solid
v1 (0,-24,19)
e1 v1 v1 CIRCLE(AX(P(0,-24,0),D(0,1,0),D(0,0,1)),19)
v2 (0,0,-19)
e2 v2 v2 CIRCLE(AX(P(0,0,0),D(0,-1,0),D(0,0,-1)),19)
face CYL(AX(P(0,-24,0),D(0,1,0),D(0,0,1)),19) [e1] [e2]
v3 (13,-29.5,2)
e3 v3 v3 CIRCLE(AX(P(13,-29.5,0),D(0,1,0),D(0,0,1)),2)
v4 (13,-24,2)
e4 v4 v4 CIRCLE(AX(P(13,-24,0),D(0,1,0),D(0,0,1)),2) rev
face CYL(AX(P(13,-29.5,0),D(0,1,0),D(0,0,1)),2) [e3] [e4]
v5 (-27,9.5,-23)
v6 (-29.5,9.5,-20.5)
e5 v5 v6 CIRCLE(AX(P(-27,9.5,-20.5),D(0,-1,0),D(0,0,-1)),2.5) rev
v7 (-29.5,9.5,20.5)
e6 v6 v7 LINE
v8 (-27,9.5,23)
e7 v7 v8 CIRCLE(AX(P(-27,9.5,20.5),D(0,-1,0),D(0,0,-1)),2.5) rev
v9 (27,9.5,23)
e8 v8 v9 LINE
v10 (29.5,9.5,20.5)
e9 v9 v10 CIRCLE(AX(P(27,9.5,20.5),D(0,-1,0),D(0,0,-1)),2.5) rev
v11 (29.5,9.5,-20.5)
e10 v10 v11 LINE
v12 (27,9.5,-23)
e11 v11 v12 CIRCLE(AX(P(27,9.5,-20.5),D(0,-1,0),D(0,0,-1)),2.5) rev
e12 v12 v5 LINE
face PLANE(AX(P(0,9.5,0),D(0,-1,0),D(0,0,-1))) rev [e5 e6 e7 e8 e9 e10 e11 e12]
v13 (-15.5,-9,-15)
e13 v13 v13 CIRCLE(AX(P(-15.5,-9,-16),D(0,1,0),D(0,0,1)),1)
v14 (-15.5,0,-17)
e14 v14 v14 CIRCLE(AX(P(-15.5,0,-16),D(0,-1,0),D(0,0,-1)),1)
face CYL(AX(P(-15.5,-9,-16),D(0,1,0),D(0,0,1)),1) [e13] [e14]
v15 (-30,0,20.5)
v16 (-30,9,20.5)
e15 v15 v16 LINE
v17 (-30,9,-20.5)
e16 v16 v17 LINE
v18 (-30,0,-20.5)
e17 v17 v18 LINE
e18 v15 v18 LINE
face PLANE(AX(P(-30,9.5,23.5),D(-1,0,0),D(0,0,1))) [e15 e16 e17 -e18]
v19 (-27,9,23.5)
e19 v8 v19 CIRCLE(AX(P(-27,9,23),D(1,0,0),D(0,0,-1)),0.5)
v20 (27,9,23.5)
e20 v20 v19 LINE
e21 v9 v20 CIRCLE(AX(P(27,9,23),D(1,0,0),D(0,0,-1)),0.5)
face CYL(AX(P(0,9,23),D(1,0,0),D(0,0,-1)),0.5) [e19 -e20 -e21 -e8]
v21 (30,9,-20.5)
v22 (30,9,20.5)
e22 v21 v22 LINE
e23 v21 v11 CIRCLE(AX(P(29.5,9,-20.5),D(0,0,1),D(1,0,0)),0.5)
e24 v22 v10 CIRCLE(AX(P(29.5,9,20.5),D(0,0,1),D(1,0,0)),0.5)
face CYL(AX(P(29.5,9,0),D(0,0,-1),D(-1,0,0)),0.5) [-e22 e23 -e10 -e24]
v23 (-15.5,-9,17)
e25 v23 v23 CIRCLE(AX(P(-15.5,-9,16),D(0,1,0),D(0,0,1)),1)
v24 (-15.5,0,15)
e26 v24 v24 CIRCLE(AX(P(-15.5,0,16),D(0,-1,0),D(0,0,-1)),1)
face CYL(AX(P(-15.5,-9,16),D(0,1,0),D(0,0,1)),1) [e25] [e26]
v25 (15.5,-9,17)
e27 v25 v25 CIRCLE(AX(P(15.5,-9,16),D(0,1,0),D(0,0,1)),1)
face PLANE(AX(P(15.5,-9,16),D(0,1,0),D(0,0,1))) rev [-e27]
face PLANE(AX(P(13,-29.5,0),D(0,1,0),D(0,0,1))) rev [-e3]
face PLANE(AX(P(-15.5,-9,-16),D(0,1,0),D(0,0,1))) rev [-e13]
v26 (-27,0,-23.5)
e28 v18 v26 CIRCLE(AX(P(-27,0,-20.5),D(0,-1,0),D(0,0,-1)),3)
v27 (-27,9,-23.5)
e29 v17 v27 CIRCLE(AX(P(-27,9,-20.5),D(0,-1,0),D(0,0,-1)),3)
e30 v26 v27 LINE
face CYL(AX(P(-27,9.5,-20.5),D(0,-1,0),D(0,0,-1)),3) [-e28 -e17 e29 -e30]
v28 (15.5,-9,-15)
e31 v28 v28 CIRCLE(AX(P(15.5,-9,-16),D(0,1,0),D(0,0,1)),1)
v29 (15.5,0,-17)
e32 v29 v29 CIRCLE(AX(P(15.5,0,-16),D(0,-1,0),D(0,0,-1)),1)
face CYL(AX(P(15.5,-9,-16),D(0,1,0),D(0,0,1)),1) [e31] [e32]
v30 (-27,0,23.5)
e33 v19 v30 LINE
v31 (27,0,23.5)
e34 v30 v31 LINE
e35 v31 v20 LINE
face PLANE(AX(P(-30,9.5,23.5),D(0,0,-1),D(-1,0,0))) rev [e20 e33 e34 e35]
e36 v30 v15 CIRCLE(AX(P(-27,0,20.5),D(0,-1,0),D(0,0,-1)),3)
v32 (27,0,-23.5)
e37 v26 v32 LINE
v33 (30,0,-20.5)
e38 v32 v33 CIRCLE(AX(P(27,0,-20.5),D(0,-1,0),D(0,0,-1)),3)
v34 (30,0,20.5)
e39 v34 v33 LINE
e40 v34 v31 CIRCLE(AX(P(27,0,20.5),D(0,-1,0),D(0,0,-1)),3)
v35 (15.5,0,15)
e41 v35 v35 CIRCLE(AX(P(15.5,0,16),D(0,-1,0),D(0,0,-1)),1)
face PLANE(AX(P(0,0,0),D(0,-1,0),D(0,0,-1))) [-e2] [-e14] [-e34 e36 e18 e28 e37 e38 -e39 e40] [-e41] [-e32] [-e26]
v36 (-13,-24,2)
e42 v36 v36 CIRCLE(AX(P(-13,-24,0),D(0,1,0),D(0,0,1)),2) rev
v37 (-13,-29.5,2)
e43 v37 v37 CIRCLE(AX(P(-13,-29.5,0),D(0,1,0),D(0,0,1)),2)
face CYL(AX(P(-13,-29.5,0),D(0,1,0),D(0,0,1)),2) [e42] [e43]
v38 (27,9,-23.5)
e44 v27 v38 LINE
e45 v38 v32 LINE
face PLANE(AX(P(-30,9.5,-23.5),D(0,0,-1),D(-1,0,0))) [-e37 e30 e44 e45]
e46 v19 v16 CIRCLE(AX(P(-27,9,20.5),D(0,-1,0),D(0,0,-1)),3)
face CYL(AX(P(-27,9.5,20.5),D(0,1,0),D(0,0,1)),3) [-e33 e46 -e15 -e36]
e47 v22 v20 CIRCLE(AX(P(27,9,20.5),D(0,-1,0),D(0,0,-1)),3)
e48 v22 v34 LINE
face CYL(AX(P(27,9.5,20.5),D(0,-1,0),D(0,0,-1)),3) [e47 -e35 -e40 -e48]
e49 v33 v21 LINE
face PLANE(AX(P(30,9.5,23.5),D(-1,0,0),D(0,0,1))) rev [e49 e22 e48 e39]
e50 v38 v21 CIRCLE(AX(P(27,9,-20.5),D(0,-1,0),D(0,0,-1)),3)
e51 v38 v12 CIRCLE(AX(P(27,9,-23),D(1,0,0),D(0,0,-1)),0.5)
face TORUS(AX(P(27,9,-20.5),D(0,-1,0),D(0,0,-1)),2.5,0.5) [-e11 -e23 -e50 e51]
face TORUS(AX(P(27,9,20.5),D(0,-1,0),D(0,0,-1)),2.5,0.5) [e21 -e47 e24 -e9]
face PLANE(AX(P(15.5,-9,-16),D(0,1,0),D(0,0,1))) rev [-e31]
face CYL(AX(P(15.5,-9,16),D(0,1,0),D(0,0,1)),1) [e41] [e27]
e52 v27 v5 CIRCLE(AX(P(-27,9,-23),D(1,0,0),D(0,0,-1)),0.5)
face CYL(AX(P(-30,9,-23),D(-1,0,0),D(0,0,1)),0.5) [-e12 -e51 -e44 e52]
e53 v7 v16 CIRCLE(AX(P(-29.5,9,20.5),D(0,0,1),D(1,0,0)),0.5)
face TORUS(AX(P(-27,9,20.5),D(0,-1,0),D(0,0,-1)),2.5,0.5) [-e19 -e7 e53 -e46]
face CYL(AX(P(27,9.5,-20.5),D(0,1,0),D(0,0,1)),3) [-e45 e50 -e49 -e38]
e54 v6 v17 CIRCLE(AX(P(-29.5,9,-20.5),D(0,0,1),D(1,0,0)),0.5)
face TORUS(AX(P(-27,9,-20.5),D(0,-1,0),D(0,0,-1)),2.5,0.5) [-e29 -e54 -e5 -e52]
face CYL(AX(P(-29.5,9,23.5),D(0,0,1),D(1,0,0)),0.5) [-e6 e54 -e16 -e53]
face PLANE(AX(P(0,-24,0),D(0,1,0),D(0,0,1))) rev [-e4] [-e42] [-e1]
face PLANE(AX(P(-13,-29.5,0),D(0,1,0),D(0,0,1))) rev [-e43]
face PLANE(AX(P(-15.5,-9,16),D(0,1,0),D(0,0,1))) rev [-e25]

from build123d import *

# Parameters (mm, degrees)
SKETCH1_W           = 60
SKETCH1_H           = 47
BOSS_EXTRUDE1_DEPTH = 9.5
SKETCH1_3_R         = 1
BOSS_EXTRUDE2_DEPTH = 9
SKETCH1_4_R         = 2
BOSS_EXTRUDE3_DEPTH = 29.5
SKETCH1_5_R         = 19
BOSS_EXTRUDE4_DEPTH = 24
FILLET1_R           = 3
FILLET2_R           = 0.5


with BuildPart() as part:
    # Sketch1 → Boss-Extrude1 (new body)
    with BuildSketch(Plane(origin=(0, 0, 0), x_dir=(1, 0, 0), z_dir=(0, 1, 0))):
        Rectangle(SKETCH1_W, SKETCH1_H)
    extrude(amount=BOSS_EXTRUDE1_DEPTH)

    # Sketch1<3> → Boss-Extrude2 (add)
    with BuildSketch(Plane(origin=(0, 0, 0), x_dir=(1, 0, 0), z_dir=(0, 1, 0))):
        with Locations((-15.5, 16)):
            Circle(SKETCH1_3_R)
        with Locations((15.5, 16)):
            Circle(SKETCH1_3_R)
        with Locations((15.5, -16)):
            Circle(SKETCH1_3_R)
        with Locations((-15.5, -16)):
            Circle(SKETCH1_3_R)
    extrude(amount=-BOSS_EXTRUDE2_DEPTH)

    # Sketch1<4> → Boss-Extrude3 (add)
    with BuildSketch(Plane(origin=(0, 0, 0), x_dir=(1, 0, 0), z_dir=(0, 1, 0))):
        with Locations((13, 0)):
            Circle(SKETCH1_4_R)
        with Locations((-13, 0)):
            Circle(SKETCH1_4_R)
    extrude(amount=-BOSS_EXTRUDE3_DEPTH)

    # Sketch1<5> → Boss-Extrude4 (add)
    with BuildSketch(Plane(origin=(0, 0, 0), x_dir=(1, 0, 0), z_dir=(0, 1, 0))):
        Circle(SKETCH1_5_R)
    extrude(amount=-BOSS_EXTRUDE4_DEPTH)

    # Fillet1
    fillet1_edges = [part.edges().sort_by_distance(p)[0] for p in [
        (-30, 4.75, 23.5),
        (30, 4.75, 23.5),
        (30, 4.75, -23.5),
        (-30, 4.75, -23.5),
    ]]
    fillet(fillet1_edges, radius=FILLET1_R)

    # Fillet2
    fillet2_edges = [part.edges().sort_by_distance(p)[0] for p in [
        (0, 9.5, 23.5),
        (-30, 9.5, 0),
        (30, 9.5, 0),
        (0, 9.5, -23.5),
        (29.121320344, 9.5, -22.621320344),
        (-29.121320344, 9.5, -22.621320344),
        (29.121320344, 9.5, 22.621320344),
        (-29.121320344, 9.5, 22.621320344),
    ]]
    fillet(fillet2_edges, radius=FILLET2_R)


solid = part.part
